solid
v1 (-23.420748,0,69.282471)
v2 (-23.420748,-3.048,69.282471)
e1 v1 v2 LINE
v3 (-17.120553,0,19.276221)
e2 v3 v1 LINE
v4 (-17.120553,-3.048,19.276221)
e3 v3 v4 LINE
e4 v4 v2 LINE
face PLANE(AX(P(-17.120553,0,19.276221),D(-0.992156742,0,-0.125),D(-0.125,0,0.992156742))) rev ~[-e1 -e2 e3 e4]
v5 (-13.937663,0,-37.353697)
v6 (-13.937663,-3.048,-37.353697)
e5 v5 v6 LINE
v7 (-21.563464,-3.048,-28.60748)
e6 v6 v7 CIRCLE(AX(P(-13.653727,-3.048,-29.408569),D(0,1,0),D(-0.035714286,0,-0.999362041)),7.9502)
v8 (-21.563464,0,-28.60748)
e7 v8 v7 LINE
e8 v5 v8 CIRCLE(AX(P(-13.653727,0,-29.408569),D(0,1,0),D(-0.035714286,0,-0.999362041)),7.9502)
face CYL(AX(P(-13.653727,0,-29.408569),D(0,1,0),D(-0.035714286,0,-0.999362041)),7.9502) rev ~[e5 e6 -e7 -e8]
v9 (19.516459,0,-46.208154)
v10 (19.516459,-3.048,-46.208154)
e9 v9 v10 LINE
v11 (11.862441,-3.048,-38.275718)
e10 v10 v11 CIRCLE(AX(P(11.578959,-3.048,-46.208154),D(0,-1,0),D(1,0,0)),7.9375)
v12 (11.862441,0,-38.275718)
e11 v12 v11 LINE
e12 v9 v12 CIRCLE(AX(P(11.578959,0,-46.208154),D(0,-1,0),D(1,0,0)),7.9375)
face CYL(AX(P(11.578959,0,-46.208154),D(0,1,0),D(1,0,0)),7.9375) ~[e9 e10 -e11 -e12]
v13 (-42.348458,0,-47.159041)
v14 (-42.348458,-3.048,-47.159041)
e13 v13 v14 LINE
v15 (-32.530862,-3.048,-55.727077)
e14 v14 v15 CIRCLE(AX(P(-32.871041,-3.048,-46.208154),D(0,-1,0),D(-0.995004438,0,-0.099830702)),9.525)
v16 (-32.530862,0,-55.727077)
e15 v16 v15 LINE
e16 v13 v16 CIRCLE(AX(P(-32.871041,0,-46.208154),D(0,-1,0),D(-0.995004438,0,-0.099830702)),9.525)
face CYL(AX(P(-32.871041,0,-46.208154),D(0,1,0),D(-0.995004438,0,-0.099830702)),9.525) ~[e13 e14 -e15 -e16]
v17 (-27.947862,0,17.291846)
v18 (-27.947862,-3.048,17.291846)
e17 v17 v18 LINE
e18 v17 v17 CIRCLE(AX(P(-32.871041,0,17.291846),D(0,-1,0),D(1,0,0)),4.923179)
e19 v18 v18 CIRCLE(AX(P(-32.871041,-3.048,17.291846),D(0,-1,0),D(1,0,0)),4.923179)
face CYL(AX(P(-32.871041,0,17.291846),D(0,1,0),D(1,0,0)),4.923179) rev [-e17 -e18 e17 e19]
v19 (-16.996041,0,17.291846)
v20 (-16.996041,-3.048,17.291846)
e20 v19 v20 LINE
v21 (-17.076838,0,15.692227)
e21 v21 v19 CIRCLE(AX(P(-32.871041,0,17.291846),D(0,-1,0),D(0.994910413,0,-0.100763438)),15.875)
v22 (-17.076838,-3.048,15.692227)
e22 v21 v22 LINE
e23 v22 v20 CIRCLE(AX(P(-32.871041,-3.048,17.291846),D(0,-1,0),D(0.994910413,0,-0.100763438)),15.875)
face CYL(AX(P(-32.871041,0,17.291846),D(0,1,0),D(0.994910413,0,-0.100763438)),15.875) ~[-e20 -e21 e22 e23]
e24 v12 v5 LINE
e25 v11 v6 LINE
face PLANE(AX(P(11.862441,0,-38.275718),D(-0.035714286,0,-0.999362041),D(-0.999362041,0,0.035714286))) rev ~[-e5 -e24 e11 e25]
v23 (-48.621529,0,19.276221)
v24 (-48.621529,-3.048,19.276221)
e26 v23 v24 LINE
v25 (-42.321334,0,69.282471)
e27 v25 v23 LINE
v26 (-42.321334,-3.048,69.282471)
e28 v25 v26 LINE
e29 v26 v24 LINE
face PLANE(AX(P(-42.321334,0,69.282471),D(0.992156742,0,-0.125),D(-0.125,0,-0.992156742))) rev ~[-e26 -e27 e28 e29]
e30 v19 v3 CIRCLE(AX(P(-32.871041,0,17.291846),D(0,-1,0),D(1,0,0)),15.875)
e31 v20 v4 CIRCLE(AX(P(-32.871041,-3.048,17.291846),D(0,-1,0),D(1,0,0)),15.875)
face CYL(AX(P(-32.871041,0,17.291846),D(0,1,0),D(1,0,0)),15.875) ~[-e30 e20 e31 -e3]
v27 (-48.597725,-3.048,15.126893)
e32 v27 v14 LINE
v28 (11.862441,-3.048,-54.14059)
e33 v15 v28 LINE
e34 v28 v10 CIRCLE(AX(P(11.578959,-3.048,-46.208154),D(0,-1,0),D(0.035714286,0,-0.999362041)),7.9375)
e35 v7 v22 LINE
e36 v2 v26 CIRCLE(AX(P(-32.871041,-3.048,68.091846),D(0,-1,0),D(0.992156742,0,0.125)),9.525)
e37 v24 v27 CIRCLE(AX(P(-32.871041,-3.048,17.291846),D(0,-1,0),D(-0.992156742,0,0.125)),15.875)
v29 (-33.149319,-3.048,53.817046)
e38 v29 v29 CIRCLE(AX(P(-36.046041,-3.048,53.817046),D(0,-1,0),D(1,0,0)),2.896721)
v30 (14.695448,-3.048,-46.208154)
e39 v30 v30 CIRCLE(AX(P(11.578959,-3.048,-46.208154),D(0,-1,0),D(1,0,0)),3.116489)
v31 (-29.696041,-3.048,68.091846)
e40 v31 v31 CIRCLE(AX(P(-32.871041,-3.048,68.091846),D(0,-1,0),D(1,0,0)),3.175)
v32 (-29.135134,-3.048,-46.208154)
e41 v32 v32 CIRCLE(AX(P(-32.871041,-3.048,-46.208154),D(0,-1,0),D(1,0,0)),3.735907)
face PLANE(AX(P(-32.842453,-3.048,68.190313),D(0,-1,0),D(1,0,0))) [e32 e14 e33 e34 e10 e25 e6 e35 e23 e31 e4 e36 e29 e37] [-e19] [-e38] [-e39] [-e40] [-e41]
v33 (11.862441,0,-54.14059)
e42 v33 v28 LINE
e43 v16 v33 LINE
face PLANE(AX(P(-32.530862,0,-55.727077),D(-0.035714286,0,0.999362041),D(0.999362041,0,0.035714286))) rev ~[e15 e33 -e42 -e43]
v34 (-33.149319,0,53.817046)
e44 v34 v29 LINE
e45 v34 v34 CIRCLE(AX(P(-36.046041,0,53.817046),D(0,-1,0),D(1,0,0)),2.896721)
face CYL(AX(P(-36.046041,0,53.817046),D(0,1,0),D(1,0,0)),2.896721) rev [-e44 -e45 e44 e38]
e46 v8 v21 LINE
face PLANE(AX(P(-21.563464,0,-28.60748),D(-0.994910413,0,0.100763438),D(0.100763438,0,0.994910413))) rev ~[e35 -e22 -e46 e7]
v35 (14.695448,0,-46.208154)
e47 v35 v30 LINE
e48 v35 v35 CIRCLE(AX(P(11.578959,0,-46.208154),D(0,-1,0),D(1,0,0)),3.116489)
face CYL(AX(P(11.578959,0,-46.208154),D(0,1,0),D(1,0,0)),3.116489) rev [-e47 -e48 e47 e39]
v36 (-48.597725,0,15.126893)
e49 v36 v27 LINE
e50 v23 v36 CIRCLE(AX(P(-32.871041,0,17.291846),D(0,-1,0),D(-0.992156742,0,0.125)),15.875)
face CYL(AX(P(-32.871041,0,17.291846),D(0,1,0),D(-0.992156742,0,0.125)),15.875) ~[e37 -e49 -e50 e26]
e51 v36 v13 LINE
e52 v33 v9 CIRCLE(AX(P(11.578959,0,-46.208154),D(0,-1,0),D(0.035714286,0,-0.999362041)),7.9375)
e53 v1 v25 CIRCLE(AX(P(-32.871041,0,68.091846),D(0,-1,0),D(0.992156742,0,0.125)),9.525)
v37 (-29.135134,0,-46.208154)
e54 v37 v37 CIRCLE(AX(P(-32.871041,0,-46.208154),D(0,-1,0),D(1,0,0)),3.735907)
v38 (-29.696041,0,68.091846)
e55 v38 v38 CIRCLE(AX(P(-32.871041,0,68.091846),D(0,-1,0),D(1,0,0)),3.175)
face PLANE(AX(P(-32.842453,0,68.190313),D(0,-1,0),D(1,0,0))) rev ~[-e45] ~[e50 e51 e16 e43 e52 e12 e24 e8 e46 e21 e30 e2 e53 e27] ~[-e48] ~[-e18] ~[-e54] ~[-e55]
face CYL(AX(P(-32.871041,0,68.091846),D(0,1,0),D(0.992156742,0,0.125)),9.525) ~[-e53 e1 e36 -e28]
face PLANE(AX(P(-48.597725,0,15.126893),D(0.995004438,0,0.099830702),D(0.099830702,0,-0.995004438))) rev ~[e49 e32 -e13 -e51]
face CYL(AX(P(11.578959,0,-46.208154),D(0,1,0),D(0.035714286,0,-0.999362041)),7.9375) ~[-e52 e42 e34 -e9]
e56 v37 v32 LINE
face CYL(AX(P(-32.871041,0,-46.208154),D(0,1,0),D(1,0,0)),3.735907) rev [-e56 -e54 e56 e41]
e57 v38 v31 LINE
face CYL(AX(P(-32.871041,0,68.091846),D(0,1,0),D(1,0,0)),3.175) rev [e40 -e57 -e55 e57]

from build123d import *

# Parameters (mm, degrees)
F0_R     = 3.175
F0_R_2   = 2.8967213822
F0_R_3   = 4.9231792558
F0_R_4   = 3.7359067091
F0_R_5   = 3.1164885501
F1_DEPTH = 3.048


with BuildPart() as f1:
    # F0 (on Front) → F1 (new body)
    with BuildSketch(Plane.XZ):
        with BuildLine():
            ThreePointArc((-42.3213338093, 69.2824711493), (-33.4675240871, 58.5855412551), (-23.3460408451, 68.0918461493))
            ThreePointArc((-23.3460408451, 68.0918461493), (-23.3647359509, 68.6883293913), (-23.4207478809, 69.2824711493))
            ThreePointArc((-23.4207478809, 69.2824711493), (-32.8710408451, 77.6168461493), (-42.3213338093, 69.2824711493))
        make_face()
        with Locations((-32.8710408451, 68.0918461493)):
            Circle(F0_R, mode=Mode.SUBTRACT)
        with BuildLine():
            ThreePointArc((-23.4207478809, 69.2824711493), (-23.3647359509, 68.6883293913), (-23.3460408451, 68.0918461493))
            ThreePointArc((-23.3460408451, 68.0918461493), (-33.4675240871, 58.5855412551), (-42.3213338093, 69.2824711493))
            Line((-42.3213338093, 69.2824711493), (-48.6215291188, 19.2762211493))
            ThreePointArc((-48.6215291188, 19.2762211493), (-32.8710408451, 33.1668461493), (-17.1205525714, 19.2762211493))
            Line((-17.1205525714, 19.2762211493), (-23.4207478809, 69.2824711493))
        make_face()
        with Locations((-36.0460408451, 53.8170461493)):
            Circle(F0_R_2, mode=Mode.SUBTRACT)
        with BuildLine():
            ThreePointArc((-16.9960408451, 17.2918461493), (-17.0271993547, 18.2859848859), (-17.1205525714, 19.2762211493))
            ThreePointArc((-17.1205525714, 19.2762211493), (-32.8710408451, 33.1668461493), (-48.6215291188, 19.2762211493))
            ThreePointArc((-48.6215291188, 19.2762211493), (-48.7457796213, 17.2007759138), (-48.5977252432, 15.1268928374))
            ThreePointArc((-48.5977252432, 15.1268928374), (-32.5863651682, 1.4193988031), (-17.0768380415, 15.6922265698))
            ThreePointArc((-17.0768380415, 15.6922265698), (-17.0162530114, 16.4910167377), (-16.9960408451, 17.2918461493))
        make_face()
        with Locations((-32.8710408451, 17.2918461493)):
            Circle(F0_R_3, mode=Mode.SUBTRACT)
        with BuildLine():
            ThreePointArc((-17.0768380415, 15.6922265698), (-32.5863651682, 1.4193988031), (-48.5977252432, 15.1268928374))
            Line((-48.5977252432, 15.1268928374), (-42.3484581137, -47.1590412869))
            ThreePointArc((-42.3484581137, -47.1590412869), (-39.8191713507, -39.692855893), (-32.5308622319, -36.6892304078))
            Line((-32.5308622319, -36.6892304078), (-22.4185752351, -37.0506140669))
            Line((-22.4185752351, -37.0506140669), (-21.5634638108, -28.6074795691))
            Line((-21.5634638108, -28.6074795691), (-17.0768380415, 15.6922265698))
        make_face()
        with BuildLine():
            ThreePointArc((-32.5308622319, -36.6892304078), (-39.8191713507, -39.692855893), (-42.3484581137, -47.1590412869))
            ThreePointArc((-42.3484581137, -47.1590412869), (-39.1340347775, -53.3845409642), (-32.5308622705, -55.727077295))
            ThreePointArc((-32.5308622705, -55.727077295), (-26.0166325584, -52.8219811873), (-23.3460408451, -46.2081538507))
            ThreePointArc((-23.3460408451, -46.2081538507), (-26.0166325449, -39.594326528), (-32.5308622319, -36.6892304078))
        make_face()
        with Locations((-32.8710408451, -46.2081538507)):
            Circle(F0_R_4, mode=Mode.SUBTRACT)
        with BuildLine():
            Line((-22.4185752351, -37.0506140669), (-32.5308622319, -36.6892304078))
            ThreePointArc((-32.5308622319, -36.6892304078), (-26.0166325449, -39.594326528), (-23.3460408451, -46.2081538507))
            Line((-23.3460408451, -46.2081538507), (-22.4185752351, -37.0506140669))
        make_face()
        with BuildLine():
            ThreePointArc((-13.9376627644, -37.3536971559), (-19.6460678, -34.6332730975), (-21.5634638108, -28.6074795691))
            Line((-21.5634638108, -28.6074795691), (-22.4185752351, -37.0506140669))
            Line((-22.4185752351, -37.0506140669), (-13.9376627644, -37.3536971559))
        make_face()
        with BuildLine():
            ThreePointArc((-23.3460408451, -46.2081538507), (-26.0166325584, -52.8219811873), (-32.5308622705, -55.727077295))
            Line((-32.53086227, -55.7270773096), (11.8624413004, -54.1405900542))
            ThreePointArc((11.8624413004, -54.1405900542), (3.6414591549, -46.2081538504), (11.862441301, -38.2757176472))
            Line((11.8624413004, -38.2757176655), (-13.9376627644, -37.3536971559))
            Line((-13.9376627644, -37.3536971559), (-22.4185752351, -37.0506140669))
            Line((-22.4185752351, -37.0506140669), (-23.3460408451, -46.2081538507))
        make_face()
        with BuildLine():
            ThreePointArc((11.862441301, -38.2757176472), (3.6414591549, -46.2081538504), (11.8624413004, -54.1405900542))
            ThreePointArc((11.8624413004, -54.1405900542), (17.2909660605, -51.7196766312), (19.5164591549, -46.2081538507))
            ThreePointArc((19.5164591549, -46.2081538507), (17.2909660607, -40.6966310704), (11.862441301, -38.2757176472))
        make_face()
        with Locations((11.5789591549, -46.2081538507)):
            Circle(F0_R_5, mode=Mode.SUBTRACT)
    extrude(amount=F1_DEPTH)


solid = f1.part
